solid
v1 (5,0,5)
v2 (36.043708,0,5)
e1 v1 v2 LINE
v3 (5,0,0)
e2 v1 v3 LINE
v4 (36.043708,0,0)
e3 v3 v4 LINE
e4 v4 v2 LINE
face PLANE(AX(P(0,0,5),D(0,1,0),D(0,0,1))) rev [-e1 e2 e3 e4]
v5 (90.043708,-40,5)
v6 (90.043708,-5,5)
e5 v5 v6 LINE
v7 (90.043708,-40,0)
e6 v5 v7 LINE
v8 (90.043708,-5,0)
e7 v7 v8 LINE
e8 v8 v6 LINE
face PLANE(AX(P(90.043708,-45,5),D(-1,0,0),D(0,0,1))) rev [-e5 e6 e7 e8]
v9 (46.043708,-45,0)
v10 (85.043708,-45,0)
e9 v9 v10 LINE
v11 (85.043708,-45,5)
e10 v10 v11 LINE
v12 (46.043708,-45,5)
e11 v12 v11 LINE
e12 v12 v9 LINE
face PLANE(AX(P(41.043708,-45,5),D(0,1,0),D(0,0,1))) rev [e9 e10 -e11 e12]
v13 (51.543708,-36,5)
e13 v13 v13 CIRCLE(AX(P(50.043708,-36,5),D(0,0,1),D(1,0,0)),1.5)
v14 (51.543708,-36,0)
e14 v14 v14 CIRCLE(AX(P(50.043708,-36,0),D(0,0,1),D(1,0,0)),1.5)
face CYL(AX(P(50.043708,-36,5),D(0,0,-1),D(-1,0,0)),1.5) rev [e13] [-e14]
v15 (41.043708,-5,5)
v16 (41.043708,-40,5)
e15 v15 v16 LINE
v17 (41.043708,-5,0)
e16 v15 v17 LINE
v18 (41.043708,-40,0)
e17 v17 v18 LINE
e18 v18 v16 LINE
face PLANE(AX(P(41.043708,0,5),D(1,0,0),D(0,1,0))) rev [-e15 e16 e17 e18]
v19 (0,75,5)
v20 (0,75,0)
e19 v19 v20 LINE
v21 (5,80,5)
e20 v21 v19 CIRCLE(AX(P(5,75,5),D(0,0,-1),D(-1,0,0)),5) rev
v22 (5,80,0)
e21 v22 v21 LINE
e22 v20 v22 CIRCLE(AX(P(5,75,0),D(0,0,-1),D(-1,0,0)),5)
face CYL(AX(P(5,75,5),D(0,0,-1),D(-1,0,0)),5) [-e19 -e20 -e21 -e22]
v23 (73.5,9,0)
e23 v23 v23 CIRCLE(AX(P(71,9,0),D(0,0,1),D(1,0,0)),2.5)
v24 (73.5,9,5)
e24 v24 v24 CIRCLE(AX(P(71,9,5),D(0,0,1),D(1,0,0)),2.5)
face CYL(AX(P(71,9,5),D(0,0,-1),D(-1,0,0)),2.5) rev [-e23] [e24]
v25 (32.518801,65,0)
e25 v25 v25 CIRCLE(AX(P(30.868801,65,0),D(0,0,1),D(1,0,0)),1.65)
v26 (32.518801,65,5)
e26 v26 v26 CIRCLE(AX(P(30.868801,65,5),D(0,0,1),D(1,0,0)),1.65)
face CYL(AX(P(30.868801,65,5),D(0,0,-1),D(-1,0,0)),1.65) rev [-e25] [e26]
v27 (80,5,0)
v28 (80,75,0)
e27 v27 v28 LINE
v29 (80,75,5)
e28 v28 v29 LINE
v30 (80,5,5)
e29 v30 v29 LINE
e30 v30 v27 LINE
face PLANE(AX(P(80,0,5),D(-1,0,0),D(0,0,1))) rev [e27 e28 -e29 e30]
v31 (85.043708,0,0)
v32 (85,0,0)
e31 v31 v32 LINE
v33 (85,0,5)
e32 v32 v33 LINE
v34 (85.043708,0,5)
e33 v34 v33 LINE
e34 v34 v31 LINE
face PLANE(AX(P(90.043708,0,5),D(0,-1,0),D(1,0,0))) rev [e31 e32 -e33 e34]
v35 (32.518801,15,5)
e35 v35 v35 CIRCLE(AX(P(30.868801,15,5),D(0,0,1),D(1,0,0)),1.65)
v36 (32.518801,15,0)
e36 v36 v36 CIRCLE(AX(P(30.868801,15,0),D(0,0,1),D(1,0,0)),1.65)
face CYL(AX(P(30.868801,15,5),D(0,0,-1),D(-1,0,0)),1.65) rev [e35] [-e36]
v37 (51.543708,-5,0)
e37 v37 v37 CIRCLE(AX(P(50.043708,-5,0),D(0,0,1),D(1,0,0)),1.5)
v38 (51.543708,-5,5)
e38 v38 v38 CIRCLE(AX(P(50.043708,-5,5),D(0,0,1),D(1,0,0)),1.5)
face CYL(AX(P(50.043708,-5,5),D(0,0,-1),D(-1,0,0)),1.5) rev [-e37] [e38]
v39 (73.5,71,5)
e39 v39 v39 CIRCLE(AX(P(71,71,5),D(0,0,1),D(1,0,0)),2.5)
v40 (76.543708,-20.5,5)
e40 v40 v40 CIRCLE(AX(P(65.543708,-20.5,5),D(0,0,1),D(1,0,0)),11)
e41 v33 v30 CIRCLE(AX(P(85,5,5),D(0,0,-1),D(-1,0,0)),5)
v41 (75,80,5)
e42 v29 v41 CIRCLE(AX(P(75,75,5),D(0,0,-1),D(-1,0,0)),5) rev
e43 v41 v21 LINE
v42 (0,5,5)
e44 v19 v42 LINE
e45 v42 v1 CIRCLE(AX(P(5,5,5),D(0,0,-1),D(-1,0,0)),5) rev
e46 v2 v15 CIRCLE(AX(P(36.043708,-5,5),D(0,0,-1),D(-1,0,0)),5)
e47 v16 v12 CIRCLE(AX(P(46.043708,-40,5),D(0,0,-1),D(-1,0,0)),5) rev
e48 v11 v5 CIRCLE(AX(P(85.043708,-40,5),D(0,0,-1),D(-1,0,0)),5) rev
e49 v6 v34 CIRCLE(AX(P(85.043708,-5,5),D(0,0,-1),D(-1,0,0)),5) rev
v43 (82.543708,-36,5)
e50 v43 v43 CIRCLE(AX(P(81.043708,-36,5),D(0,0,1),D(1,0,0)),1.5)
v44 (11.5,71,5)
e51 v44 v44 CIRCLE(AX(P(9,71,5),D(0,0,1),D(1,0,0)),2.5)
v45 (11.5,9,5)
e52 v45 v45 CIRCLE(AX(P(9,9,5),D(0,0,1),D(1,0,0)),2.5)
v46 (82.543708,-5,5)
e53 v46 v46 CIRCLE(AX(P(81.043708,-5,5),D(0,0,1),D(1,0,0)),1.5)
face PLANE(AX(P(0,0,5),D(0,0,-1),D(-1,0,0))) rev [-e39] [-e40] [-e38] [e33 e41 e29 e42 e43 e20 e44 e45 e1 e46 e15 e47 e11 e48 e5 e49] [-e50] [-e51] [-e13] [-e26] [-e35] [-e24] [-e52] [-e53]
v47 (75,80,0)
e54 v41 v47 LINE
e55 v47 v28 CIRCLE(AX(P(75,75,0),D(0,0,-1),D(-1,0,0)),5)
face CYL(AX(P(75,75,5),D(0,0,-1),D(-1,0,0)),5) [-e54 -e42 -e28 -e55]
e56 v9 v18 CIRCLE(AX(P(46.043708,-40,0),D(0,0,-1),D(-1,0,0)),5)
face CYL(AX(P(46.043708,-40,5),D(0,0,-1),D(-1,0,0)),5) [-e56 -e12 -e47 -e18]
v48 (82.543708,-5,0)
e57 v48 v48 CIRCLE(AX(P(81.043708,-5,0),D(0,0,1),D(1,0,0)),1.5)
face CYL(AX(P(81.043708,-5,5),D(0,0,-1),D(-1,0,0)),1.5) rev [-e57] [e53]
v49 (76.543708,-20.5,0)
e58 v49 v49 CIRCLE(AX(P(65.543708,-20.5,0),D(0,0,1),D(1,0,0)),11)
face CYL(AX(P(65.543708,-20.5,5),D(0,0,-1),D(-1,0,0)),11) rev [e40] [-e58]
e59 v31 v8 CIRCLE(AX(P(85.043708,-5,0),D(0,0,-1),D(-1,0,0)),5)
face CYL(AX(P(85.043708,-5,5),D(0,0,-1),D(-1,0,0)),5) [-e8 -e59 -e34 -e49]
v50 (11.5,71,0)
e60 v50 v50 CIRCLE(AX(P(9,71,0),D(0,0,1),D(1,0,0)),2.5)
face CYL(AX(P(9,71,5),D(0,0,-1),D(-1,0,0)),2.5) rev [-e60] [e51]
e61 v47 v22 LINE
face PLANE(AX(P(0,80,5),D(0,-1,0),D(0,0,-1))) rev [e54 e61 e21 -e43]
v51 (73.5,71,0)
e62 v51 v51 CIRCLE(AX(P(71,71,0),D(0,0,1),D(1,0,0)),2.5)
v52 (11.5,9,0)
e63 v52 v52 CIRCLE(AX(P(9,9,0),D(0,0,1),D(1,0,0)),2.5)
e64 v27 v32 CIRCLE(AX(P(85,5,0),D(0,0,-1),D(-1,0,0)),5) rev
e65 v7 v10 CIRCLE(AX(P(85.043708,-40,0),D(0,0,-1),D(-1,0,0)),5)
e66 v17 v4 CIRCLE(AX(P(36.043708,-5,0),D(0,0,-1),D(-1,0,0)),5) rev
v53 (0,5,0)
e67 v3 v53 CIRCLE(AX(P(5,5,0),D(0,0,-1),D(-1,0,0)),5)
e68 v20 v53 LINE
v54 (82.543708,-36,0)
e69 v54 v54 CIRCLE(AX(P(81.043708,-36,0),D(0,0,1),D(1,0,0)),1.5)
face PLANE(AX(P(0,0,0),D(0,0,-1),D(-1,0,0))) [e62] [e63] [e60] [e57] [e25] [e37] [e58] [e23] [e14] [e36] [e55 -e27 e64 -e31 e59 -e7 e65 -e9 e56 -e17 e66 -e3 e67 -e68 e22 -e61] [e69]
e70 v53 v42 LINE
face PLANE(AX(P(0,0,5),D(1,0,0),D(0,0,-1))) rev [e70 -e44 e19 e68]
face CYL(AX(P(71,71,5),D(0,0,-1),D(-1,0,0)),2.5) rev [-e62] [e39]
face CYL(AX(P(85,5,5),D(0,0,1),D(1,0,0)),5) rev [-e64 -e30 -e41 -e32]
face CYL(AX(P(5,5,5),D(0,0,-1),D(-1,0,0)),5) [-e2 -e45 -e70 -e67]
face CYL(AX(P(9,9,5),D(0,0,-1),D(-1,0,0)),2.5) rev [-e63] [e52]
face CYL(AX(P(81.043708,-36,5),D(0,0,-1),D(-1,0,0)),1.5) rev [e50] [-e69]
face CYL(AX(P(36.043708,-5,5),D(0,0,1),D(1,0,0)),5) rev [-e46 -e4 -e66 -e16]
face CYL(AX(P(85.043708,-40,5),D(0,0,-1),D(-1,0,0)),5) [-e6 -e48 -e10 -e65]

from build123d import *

# Parameters (mm, degrees)
SKETCH1_R           = 2.5
SKETCH1_R_2         = 1.5
SKETCH1_R_3         = 11
SKETCH1_R_4         = 1.65
BOSS_EXTRUDE1_DEPTH = 5
FILLET1_R           = 5


with BuildPart() as part:
    # Sketch1 → Boss-Extrude1 (new body)
    with BuildSketch(Plane.XY):
        Polygon((0, 0), (0, 80), (80, 80), (80, 0), (90.043707679, 0), (90.043707679, -45), (41.043707679, -45), (41.043707679, 0), align=None)
        with Locations((9, 71)):
            Circle(SKETCH1_R, mode=Mode.SUBTRACT)
        with Locations((71, 71)):
            Circle(SKETCH1_R, mode=Mode.SUBTRACT)
        with Locations((71, 9)):
            Circle(SKETCH1_R, mode=Mode.SUBTRACT)
        with Locations((9, 9)):
            Circle(SKETCH1_R, mode=Mode.SUBTRACT)
        with Locations((50.043707679, -5)):
            Circle(SKETCH1_R_2, mode=Mode.SUBTRACT)
        with Locations((81.043707679, -5)):
            Circle(SKETCH1_R_2, mode=Mode.SUBTRACT)
        with Locations((50.043707679, -36)):
            Circle(SKETCH1_R_2, mode=Mode.SUBTRACT)
        with Locations((81.043707679, -36)):
            Circle(SKETCH1_R_2, mode=Mode.SUBTRACT)
        with Locations((65.543707679, -20.5)):
            Circle(SKETCH1_R_3, mode=Mode.SUBTRACT)
        with Locations((30.868801214, 15)):
            Circle(SKETCH1_R_4, mode=Mode.SUBTRACT)
        with Locations((30.868801214, 65)):
            Circle(SKETCH1_R_4, mode=Mode.SUBTRACT)
    extrude(amount=BOSS_EXTRUDE1_DEPTH)

    # Fillet1
    fillet1_edges = [part.edges().sort_by_distance(p)[0] for p in [
        (0, 0, 2.5),
        (0, 80, 2.5),
        (80, 80, 2.5),
        (80, 0, 2.5),
        (90.043707679, 0, 2.5),
        (90.043707679, -45, 2.5),
        (41.043707679, -45, 2.5),
        (41.043707679, 0, 2.5),
    ]]
    fillet(fillet1_edges, radius=FILLET1_R)


solid = part.part
